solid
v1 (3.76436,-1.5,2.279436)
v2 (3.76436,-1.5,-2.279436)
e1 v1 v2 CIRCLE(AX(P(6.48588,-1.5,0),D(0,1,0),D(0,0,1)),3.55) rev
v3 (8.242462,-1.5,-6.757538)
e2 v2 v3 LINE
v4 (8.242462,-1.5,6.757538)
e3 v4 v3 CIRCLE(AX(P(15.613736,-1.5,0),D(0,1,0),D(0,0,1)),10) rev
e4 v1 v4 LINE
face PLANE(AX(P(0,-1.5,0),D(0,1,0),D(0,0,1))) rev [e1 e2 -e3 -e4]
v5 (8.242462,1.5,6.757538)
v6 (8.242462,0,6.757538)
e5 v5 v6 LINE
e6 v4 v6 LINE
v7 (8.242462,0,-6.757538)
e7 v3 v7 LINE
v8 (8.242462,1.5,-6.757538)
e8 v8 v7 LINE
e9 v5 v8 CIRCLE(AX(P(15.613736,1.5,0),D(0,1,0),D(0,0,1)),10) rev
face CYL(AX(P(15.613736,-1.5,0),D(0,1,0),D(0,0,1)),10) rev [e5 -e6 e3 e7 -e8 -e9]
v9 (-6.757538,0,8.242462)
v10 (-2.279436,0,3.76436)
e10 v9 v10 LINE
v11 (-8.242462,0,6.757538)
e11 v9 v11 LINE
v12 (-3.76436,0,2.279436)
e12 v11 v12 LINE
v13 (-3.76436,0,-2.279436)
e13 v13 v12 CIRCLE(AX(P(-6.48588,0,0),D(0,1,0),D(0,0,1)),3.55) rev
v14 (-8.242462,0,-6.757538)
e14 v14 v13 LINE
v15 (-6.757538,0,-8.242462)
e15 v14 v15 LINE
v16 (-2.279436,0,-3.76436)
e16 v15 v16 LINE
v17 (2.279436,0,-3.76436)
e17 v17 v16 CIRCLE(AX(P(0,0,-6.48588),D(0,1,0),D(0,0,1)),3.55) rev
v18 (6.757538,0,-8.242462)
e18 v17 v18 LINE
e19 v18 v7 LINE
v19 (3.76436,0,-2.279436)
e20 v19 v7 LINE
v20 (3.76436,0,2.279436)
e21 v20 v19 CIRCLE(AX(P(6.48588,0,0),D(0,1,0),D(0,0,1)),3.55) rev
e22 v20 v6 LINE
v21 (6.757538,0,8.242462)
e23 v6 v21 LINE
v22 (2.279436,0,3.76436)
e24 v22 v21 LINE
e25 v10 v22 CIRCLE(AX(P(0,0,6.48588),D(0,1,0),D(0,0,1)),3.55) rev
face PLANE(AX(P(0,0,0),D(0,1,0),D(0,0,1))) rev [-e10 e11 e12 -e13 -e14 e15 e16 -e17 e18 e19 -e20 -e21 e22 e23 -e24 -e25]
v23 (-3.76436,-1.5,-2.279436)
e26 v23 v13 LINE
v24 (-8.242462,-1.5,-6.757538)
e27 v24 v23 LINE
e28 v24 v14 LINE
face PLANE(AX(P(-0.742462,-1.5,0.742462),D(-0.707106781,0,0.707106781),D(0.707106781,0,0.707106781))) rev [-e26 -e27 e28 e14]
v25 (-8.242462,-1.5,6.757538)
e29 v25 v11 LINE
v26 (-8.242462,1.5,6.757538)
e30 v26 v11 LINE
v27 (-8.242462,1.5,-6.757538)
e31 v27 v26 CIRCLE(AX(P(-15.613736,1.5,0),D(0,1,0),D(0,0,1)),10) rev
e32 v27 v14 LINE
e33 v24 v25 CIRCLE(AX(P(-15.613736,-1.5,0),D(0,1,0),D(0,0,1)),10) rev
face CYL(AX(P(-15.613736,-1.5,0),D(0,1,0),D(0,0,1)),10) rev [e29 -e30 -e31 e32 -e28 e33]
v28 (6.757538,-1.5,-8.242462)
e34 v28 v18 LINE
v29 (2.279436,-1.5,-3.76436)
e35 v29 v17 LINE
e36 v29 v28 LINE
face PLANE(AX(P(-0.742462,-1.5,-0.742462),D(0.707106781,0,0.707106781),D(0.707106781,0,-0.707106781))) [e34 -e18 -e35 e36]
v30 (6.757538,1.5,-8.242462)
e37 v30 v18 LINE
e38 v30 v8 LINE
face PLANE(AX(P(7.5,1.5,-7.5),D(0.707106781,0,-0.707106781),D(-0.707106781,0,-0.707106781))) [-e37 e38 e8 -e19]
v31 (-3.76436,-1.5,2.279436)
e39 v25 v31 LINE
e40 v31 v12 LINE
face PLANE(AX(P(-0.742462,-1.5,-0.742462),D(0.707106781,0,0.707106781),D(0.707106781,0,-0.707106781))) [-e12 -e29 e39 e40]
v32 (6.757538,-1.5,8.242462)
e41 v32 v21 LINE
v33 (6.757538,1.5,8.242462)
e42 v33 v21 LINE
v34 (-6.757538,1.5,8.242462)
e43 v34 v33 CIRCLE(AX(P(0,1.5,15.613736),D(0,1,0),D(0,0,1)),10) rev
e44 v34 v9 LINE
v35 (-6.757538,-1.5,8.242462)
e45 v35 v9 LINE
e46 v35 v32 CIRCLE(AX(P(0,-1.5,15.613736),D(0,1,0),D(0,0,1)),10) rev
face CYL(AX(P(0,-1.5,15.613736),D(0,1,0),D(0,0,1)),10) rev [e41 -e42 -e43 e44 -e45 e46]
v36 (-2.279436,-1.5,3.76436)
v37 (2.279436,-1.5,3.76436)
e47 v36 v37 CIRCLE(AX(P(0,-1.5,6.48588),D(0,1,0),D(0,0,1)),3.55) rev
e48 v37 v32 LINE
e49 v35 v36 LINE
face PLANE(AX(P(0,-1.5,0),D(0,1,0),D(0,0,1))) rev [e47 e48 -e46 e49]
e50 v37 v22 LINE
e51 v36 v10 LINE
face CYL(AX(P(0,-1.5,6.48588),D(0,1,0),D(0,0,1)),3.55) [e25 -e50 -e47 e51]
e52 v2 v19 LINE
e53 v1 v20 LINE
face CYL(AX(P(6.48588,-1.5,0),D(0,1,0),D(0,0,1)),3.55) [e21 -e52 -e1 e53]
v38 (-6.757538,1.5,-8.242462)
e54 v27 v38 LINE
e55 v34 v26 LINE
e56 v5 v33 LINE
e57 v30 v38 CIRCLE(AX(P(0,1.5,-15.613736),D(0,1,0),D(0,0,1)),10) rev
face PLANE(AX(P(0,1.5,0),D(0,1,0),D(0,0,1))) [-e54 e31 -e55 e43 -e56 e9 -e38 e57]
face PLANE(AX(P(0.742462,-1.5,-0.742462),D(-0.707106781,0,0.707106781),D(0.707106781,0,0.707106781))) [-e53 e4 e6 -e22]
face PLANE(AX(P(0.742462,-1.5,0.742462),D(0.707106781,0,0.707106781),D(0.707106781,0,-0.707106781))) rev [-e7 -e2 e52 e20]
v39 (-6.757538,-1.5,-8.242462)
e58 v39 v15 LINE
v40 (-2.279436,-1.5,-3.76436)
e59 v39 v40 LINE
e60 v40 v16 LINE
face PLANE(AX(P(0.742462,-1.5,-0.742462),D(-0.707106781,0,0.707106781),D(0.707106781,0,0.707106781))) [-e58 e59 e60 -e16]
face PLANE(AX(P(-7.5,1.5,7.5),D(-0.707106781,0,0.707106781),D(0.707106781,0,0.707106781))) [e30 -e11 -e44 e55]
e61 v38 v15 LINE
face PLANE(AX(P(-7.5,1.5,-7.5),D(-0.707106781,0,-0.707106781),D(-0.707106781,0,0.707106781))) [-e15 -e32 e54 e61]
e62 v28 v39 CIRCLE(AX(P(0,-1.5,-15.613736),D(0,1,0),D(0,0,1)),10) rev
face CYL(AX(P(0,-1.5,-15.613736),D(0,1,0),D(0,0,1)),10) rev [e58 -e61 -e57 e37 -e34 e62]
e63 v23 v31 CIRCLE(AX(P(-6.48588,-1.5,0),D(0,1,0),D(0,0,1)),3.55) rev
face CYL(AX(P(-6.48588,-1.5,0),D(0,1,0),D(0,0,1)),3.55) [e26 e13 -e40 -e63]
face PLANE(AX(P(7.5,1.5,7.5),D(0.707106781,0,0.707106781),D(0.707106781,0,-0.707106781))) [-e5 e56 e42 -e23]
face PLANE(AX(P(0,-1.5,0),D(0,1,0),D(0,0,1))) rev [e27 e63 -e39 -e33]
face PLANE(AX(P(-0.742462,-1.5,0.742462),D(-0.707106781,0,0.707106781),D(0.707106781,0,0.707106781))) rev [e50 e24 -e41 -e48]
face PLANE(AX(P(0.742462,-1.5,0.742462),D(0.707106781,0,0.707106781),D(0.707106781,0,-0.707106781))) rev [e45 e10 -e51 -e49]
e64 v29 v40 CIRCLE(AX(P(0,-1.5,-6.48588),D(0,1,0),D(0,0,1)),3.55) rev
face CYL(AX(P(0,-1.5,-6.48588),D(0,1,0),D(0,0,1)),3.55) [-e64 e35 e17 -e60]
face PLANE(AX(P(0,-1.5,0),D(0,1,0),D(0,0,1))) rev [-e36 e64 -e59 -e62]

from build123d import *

# Parameters (mm, degrees)
BOSS_EXTRUDE1_DEPTH        = 1.5
BOSS_EXTRUDE1_DEPTH_BACK   = 1.5
BOSS_EXTRUDE1_2_DEPTH      = 1.5
BOSS_EXTRUDE1_2_DEPTH_BACK = 1.5
BOSS_EXTRUDE1_3_DEPTH      = 1.5
BOSS_EXTRUDE1_3_DEPTH_BACK = 1.5
BOSS_EXTRUDE1_4_DEPTH      = 1.5
BOSS_EXTRUDE1_4_DEPTH_BACK = 1.5
BOSS_EXTRUDE2_DEPTH        = 1.5


with BuildPart() as part:
    # Sketch1 → Boss-Extrude1 (new, two sides: drawn at the far end of the back side and taken through both)
    with BuildSketch(Plane(origin=(0, 0, 0), x_dir=(1, 0, 0), z_dir=(0, 1, 0)).offset(-BOSS_EXTRUDE1_DEPTH_BACK)):
        with BuildLine():
            Line((-3.764359918, 2.279435677), (-8.24246212, 6.75753788))
            ThreePointArc((-8.24246212, 6.75753788), (-5.613736217, 0), (-8.24246212, -6.75753788))
            Line((-8.24246212, -6.75753788), (-3.764359918, -2.279435677))
            ThreePointArc((-3.764359918, -2.279435677), (-2.935880264, 0), (-3.764359918, 2.279435677))
        make_face()
    extrude(amount=BOSS_EXTRUDE1_DEPTH + BOSS_EXTRUDE1_DEPTH_BACK)



with BuildPart() as body_2:
    # Sketch1 → Boss-Extrude1 2 (new, two sides: drawn at the far end of the back side and taken through both)
    with BuildSketch(Plane(origin=(0, 0, 0), x_dir=(1, 0, 0), z_dir=(0, 1, 0)).offset(-BOSS_EXTRUDE1_2_DEPTH_BACK)):
        with BuildLine():
            ThreePointArc((6.75753788, 8.24246212), (0, 5.613736217), (-6.75753788, 8.24246212))
            Line((-6.75753788, 8.24246212), (-2.279435677, 3.764359918))
            ThreePointArc((-2.279435677, 3.764359918), (0, 2.935880264), (2.279435677, 3.764359918))
            Line((2.279435677, 3.764359918), (6.75753788, 8.24246212))
        make_face()
    extrude(amount=BOSS_EXTRUDE1_2_DEPTH + BOSS_EXTRUDE1_2_DEPTH_BACK)


with BuildPart() as body_3:
    # Sketch1 → Boss-Extrude1 3 (new, two sides: drawn at the far end of the back side and taken through both)
    with BuildSketch(Plane(origin=(0, 0, 0), x_dir=(1, 0, 0), z_dir=(0, 1, 0)).offset(-BOSS_EXTRUDE1_3_DEPTH_BACK)):
        with BuildLine():
            Line((-2.279435677, -3.764359918), (-6.75753788, -8.24246212))
            ThreePointArc((-6.75753788, -8.24246212), (0, -5.613736217), (6.75753788, -8.24246212))
            Line((6.75753788, -8.24246212), (2.279435677, -3.764359918))
            ThreePointArc((2.279435677, -3.764359918), (0, -2.935880264), (-2.279435677, -3.764359918))
        make_face()
    extrude(amount=BOSS_EXTRUDE1_3_DEPTH + BOSS_EXTRUDE1_3_DEPTH_BACK)


with BuildPart() as body_4:
    # Sketch1 → Boss-Extrude1 4 (new, two sides: drawn at the far end of the back side and taken through both)
    with BuildSketch(Plane(origin=(0, 0, 0), x_dir=(1, 0, 0), z_dir=(0, 1, 0)).offset(-BOSS_EXTRUDE1_4_DEPTH_BACK)):
        with BuildLine():
            ThreePointArc((8.24246212, -6.75753788), (5.613736217, 0), (8.24246212, 6.75753788))
            Line((8.24246212, 6.75753788), (3.764359918, 2.279435677))
            ThreePointArc((3.764359918, 2.279435677), (2.935880264, 0), (3.764359918, -2.279435677))
            Line((3.764359918, -2.279435677), (8.24246212, -6.75753788))
        make_face()
    extrude(amount=BOSS_EXTRUDE1_4_DEPTH + BOSS_EXTRUDE1_4_DEPTH_BACK)


with BuildPart() as part_1:
    add(part.part)

    add(body_2.part)  # Boss-Extrude2 merges body 2

    add(body_3.part)  # Boss-Extrude2 merges body 3

    add(body_4.part)  # Boss-Extrude2 merges body 4
    # Sketch1<4> → Boss-Extrude2 (add)
    with BuildSketch(Plane(origin=(0, 0, 0), x_dir=(1, 0, 0), z_dir=(0, 1, 0))):
        with BuildLine():
            Line((-6.75753788, 8.24246212), (-8.24246212, 6.75753788))
            Line((-8.24246212, 6.75753788), (-3.764359918, 2.279435677))
            ThreePointArc((-3.764359918, 2.279435677), (-2.935880264, 0), (-3.764359918, -2.279435677))
            Line((-3.764359918, -2.279435677), (-8.24246212, -6.75753788))
            Line((-8.24246212, -6.75753788), (-6.75753788, -8.24246212))
            Line((-6.75753788, -8.24246212), (-2.279435677, -3.764359918))
            ThreePointArc((-2.279435677, -3.764359918), (0, -2.935880264), (2.279435677, -3.764359918))
            Line((2.279435677, -3.764359918), (6.75753788, -8.24246212))
            Line((6.75753788, -8.24246212), (8.24246212, -6.75753788))
            Line((8.24246212, -6.75753788), (3.764359918, -2.279435677))
            ThreePointArc((3.764359918, -2.279435677), (2.935880264, 0), (3.764359918, 2.279435677))
            Line((3.764359918, 2.279435677), (8.24246212, 6.75753788))
            Line((8.24246212, 6.75753788), (6.75753788, 8.24246212))
            Line((6.75753788, 8.24246212), (2.279435677, 3.764359918))
            ThreePointArc((2.279435677, 3.764359918), (0, 2.935880264), (-2.279435677, 3.764359918))
            Line((-2.279435677, 3.764359918), (-6.75753788, 8.24246212))
        make_face()
    extrude(amount=BOSS_EXTRUDE2_DEPTH)


solid = part_1.part
